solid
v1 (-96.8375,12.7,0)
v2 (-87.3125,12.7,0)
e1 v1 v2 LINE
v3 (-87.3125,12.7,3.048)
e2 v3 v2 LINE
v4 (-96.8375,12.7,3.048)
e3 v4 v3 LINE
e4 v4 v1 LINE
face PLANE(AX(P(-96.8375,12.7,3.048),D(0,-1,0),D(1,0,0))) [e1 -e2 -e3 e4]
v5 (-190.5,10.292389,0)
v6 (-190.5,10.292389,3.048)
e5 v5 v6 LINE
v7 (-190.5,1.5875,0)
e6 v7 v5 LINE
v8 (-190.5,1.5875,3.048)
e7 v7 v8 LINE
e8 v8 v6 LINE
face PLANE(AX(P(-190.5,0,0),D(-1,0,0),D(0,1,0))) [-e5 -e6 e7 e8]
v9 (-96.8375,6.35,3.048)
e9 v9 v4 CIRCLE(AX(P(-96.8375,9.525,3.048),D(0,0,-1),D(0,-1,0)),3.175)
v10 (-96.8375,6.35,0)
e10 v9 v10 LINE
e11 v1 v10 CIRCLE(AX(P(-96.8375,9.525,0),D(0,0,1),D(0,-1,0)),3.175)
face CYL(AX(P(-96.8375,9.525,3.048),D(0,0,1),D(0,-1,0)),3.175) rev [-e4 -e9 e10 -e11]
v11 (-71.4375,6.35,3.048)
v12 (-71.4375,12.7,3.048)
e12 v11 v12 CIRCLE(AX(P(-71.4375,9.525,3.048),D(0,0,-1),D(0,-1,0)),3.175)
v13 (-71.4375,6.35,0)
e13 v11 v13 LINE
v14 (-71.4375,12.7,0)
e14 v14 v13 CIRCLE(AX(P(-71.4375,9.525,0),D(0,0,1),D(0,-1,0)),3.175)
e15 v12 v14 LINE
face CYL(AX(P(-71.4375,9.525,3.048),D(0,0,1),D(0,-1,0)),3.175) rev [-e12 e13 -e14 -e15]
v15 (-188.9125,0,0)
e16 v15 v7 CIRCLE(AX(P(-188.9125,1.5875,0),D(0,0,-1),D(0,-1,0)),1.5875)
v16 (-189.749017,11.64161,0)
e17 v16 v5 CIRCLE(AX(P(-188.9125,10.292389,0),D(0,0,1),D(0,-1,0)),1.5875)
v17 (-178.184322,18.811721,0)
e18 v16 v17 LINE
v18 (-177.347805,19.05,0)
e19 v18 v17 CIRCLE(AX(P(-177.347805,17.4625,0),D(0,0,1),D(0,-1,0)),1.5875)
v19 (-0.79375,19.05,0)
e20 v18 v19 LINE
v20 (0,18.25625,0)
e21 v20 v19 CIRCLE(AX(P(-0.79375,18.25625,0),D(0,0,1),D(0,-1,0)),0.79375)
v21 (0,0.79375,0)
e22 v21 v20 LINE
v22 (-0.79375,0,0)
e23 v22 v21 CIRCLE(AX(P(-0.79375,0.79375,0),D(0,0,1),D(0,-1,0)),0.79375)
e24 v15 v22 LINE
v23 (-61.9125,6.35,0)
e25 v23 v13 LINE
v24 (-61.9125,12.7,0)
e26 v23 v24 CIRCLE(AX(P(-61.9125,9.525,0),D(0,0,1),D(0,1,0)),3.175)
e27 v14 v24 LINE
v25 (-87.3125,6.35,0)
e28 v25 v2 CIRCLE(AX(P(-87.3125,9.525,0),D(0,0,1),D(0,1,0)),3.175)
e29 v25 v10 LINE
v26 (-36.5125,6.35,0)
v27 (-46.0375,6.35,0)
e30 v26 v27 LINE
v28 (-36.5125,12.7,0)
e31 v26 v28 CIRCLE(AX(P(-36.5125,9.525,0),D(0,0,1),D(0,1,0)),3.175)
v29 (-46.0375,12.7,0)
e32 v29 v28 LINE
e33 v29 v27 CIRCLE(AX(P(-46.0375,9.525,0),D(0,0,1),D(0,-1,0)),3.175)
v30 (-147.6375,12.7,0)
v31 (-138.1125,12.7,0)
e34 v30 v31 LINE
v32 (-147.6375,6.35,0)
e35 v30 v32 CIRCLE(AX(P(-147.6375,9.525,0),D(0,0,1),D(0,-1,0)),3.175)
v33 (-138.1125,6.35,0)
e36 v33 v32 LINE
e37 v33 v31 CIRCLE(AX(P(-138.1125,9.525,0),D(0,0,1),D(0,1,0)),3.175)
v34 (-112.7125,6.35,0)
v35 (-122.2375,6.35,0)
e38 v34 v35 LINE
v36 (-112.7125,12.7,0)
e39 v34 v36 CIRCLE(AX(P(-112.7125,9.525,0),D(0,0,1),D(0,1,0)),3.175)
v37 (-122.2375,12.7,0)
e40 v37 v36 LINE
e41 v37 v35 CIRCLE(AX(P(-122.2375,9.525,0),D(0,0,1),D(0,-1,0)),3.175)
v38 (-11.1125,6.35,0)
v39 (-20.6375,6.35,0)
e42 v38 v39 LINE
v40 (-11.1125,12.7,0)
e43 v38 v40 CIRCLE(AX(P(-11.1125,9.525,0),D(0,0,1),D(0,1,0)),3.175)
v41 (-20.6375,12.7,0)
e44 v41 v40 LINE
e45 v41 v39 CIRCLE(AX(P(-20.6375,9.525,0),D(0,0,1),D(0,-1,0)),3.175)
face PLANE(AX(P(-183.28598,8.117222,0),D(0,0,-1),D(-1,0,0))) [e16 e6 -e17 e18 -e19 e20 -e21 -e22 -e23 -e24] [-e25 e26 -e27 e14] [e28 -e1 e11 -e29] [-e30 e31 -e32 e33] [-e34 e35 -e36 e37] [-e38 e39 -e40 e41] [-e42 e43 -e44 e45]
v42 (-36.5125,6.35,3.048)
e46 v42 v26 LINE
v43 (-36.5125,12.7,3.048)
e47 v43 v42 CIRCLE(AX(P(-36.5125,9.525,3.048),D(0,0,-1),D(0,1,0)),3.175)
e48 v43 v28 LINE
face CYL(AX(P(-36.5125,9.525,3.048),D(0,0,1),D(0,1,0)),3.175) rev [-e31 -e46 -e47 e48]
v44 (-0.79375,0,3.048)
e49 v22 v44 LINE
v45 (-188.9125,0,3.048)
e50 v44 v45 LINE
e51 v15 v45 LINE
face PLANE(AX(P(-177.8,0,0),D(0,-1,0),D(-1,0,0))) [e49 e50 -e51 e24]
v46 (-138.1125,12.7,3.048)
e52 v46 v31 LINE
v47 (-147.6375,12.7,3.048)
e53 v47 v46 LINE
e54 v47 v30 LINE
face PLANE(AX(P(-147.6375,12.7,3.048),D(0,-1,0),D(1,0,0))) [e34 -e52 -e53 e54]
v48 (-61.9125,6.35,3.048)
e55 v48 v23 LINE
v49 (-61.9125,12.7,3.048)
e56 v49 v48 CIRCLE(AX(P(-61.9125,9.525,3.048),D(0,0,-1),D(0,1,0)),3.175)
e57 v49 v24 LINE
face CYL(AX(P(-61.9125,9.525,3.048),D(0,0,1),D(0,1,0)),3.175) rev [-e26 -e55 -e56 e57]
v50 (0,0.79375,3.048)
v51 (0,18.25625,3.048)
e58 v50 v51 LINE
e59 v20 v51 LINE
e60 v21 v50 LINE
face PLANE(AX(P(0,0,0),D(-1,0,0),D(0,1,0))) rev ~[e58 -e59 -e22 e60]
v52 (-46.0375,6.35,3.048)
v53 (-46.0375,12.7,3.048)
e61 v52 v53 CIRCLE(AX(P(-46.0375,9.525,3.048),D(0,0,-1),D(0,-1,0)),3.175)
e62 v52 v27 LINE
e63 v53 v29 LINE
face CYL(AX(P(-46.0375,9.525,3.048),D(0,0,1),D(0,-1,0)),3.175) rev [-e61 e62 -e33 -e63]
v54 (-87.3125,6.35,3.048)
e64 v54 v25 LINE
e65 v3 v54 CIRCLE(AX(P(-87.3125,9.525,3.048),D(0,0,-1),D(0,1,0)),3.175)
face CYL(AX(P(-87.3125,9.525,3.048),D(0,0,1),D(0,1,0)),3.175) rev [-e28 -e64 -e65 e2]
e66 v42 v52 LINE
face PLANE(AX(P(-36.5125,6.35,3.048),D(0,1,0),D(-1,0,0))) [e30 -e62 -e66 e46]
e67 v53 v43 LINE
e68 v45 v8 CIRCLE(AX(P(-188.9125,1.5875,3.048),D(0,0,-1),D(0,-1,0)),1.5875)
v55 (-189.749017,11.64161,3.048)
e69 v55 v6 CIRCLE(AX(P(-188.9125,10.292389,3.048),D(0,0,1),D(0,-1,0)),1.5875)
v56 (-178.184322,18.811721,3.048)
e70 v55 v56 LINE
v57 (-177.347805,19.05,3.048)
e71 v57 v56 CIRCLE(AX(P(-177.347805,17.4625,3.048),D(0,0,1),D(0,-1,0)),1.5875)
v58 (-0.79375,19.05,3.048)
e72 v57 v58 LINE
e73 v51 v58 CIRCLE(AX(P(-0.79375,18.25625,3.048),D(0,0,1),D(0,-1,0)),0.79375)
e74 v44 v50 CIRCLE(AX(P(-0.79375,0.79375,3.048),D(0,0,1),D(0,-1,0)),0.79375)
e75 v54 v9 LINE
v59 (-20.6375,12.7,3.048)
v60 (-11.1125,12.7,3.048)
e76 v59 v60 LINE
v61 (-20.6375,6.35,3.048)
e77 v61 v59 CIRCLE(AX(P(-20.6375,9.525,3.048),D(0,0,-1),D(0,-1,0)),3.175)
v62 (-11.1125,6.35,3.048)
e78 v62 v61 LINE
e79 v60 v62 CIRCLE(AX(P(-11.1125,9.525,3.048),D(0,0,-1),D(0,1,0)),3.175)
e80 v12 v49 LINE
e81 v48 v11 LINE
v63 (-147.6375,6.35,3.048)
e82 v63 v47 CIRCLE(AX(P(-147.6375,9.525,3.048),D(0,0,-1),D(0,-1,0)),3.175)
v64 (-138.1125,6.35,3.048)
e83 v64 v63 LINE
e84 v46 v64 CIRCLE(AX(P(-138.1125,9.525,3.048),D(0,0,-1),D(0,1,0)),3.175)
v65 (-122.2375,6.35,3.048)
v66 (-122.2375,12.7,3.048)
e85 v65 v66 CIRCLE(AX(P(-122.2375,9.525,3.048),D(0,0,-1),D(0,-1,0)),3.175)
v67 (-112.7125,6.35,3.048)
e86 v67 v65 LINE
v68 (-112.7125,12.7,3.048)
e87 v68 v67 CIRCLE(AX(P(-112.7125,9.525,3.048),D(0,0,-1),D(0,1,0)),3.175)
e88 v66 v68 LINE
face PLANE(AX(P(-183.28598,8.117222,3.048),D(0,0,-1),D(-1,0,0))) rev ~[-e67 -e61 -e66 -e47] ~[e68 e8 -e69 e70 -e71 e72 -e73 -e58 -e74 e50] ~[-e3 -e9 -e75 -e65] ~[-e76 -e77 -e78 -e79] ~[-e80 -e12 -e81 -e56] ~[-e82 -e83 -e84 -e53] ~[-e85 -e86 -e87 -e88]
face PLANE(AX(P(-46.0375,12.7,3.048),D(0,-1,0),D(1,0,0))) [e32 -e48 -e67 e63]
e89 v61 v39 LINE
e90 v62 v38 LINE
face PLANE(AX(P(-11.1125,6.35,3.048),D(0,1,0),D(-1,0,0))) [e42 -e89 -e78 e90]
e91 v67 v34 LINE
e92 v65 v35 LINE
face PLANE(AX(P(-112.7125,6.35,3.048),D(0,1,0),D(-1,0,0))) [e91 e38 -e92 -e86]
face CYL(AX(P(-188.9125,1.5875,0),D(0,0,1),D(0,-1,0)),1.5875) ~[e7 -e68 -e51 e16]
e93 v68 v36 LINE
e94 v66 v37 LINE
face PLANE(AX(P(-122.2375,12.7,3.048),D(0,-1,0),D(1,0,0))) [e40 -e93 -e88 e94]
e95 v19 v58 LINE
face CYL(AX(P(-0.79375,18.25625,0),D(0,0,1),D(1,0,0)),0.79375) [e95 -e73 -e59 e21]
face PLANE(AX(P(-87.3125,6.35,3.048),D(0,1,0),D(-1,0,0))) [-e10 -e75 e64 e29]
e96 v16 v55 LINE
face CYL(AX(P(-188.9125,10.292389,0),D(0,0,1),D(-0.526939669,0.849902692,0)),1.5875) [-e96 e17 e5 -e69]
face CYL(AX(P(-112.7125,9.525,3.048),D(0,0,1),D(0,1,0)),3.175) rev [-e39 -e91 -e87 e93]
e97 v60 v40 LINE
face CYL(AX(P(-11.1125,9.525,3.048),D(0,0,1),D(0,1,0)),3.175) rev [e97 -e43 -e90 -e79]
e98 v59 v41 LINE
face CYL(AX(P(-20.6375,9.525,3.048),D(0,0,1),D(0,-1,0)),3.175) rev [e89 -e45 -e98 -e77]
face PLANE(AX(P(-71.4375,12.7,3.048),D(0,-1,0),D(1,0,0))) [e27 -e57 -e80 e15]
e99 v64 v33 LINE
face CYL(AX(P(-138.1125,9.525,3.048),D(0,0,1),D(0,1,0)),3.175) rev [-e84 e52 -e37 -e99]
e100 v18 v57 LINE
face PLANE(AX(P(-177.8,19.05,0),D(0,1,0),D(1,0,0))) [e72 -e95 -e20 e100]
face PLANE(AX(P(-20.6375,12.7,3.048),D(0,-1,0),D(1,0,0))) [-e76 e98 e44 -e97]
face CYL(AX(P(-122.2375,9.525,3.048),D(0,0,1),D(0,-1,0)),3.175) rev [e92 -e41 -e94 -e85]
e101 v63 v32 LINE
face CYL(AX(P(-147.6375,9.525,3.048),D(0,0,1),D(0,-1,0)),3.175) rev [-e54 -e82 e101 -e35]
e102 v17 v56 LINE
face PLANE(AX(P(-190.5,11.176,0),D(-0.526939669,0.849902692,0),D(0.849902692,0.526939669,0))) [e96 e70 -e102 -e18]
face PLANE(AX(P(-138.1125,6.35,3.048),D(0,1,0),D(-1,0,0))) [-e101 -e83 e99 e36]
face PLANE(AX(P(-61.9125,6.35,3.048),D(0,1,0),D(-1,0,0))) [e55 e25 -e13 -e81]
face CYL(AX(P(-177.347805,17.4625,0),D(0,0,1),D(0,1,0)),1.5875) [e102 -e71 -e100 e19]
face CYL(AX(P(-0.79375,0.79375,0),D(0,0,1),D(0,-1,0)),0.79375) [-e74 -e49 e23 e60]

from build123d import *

# Parameters (mm, degrees)
SKETCH1_W           = 177.8
SKETCH1_H           = 19.05
BOSS_EXTRUDE1_DEPTH = 3.048
CUT_EXTRUDE1_DEPTH  = 179.843598722
BOSS_EXTRUDE2_DEPTH = 3.048
FILLET1_R           = 1.5875
FILLET2_R           = 0.79375


with BuildPart() as part:
    # Sketch1 → Boss-Extrude1 (new body)
    with BuildSketch(Plane.XY):
        with Locations((-88.9, 9.525)):
            Rectangle(SKETCH1_W, SKETCH1_H)
    extrude(amount=BOSS_EXTRUDE1_DEPTH)

    # Sketch2 → Cut-Extrude1 (cut, through all)
    with BuildSketch(Plane.XY.offset(3.048)):
        with BuildLine():
            Line((-11.1125, 6.35), (-20.6375, 6.35))
            ThreePointArc((-20.6375, 6.35), (-23.8125, 9.525), (-20.6375, 12.7))
            Line((-20.6375, 12.7), (-11.1125, 12.7))
            ThreePointArc((-11.1125, 12.7), (-7.9375, 9.525), (-11.1125, 6.35))
        make_face()
        with BuildLine():
            Line((-36.5125, 6.35), (-46.0375, 6.35))
            ThreePointArc((-46.0375, 6.35), (-49.2125, 9.525), (-46.0375, 12.7))
            Line((-46.0375, 12.7), (-36.5125, 12.7))
            ThreePointArc((-36.5125, 12.7), (-33.3375, 9.525), (-36.5125, 6.35))
        make_face()
        with BuildLine():
            Line((-61.9125, 6.35), (-71.4375, 6.35))
            ThreePointArc((-71.4375, 6.35), (-74.6125, 9.525), (-71.4375, 12.7))
            Line((-71.4375, 12.7), (-61.9125, 12.7))
            ThreePointArc((-61.9125, 12.7), (-58.7375, 9.525), (-61.9125, 6.35))
        make_face()
        with BuildLine():
            Line((-87.3125, 6.35), (-96.8375, 6.35))
            ThreePointArc((-96.8375, 6.35), (-100.0125, 9.525), (-96.8375, 12.7))
            Line((-96.8375, 12.7), (-87.3125, 12.7))
            ThreePointArc((-87.3125, 12.7), (-84.1375, 9.525), (-87.3125, 6.35))
        make_face()
        with BuildLine():
            Line((-112.7125, 6.35), (-122.2375, 6.35))
            ThreePointArc((-122.2375, 6.35), (-125.4125, 9.525), (-122.2375, 12.7))
            Line((-122.2375, 12.7), (-112.7125, 12.7))
            ThreePointArc((-112.7125, 12.7), (-109.5375, 9.525), (-112.7125, 6.35))
        make_face()
        with BuildLine():
            Line((-138.1125, 6.35), (-147.6375, 6.35))
            ThreePointArc((-147.6375, 6.35), (-150.8125, 9.525), (-147.6375, 12.7))
            Line((-147.6375, 12.7), (-138.1125, 12.7))
            ThreePointArc((-138.1125, 12.7), (-134.9375, 9.525), (-138.1125, 6.35))
        make_face()
    extrude(amount=-CUT_EXTRUDE1_DEPTH, mode=Mode.SUBTRACT)

    # Sketch3 → Boss-Extrude2 (add)
    with BuildSketch(Plane(origin=(0, 0, 0), x_dir=(-1, 0, 0), z_dir=(0, 0, -1))):
        Polygon((177.8, 0), (190.5, 0), (190.5, 11.176), (177.8, 19.05), align=None)
    extrude(amount=-BOSS_EXTRUDE2_DEPTH)

    # Fillet1
    fillet1_edges = [part.edges().sort_by_distance(p)[0] for p in [
        (-190.5, 0, 1.524),
        (-190.5, 11.176, 1.524),
        (-177.8, 19.05, 1.524),
    ]]
    fillet(fillet1_edges, radius=FILLET1_R)

    # Fillet2
    fillet2_edges = [part.edges().sort_by_distance(p)[0] for p in [
        (0, 0, 1.524),
        (0, 19.05, 1.524),
    ]]
    fillet(fillet2_edges, radius=FILLET2_R)


solid = part.part
